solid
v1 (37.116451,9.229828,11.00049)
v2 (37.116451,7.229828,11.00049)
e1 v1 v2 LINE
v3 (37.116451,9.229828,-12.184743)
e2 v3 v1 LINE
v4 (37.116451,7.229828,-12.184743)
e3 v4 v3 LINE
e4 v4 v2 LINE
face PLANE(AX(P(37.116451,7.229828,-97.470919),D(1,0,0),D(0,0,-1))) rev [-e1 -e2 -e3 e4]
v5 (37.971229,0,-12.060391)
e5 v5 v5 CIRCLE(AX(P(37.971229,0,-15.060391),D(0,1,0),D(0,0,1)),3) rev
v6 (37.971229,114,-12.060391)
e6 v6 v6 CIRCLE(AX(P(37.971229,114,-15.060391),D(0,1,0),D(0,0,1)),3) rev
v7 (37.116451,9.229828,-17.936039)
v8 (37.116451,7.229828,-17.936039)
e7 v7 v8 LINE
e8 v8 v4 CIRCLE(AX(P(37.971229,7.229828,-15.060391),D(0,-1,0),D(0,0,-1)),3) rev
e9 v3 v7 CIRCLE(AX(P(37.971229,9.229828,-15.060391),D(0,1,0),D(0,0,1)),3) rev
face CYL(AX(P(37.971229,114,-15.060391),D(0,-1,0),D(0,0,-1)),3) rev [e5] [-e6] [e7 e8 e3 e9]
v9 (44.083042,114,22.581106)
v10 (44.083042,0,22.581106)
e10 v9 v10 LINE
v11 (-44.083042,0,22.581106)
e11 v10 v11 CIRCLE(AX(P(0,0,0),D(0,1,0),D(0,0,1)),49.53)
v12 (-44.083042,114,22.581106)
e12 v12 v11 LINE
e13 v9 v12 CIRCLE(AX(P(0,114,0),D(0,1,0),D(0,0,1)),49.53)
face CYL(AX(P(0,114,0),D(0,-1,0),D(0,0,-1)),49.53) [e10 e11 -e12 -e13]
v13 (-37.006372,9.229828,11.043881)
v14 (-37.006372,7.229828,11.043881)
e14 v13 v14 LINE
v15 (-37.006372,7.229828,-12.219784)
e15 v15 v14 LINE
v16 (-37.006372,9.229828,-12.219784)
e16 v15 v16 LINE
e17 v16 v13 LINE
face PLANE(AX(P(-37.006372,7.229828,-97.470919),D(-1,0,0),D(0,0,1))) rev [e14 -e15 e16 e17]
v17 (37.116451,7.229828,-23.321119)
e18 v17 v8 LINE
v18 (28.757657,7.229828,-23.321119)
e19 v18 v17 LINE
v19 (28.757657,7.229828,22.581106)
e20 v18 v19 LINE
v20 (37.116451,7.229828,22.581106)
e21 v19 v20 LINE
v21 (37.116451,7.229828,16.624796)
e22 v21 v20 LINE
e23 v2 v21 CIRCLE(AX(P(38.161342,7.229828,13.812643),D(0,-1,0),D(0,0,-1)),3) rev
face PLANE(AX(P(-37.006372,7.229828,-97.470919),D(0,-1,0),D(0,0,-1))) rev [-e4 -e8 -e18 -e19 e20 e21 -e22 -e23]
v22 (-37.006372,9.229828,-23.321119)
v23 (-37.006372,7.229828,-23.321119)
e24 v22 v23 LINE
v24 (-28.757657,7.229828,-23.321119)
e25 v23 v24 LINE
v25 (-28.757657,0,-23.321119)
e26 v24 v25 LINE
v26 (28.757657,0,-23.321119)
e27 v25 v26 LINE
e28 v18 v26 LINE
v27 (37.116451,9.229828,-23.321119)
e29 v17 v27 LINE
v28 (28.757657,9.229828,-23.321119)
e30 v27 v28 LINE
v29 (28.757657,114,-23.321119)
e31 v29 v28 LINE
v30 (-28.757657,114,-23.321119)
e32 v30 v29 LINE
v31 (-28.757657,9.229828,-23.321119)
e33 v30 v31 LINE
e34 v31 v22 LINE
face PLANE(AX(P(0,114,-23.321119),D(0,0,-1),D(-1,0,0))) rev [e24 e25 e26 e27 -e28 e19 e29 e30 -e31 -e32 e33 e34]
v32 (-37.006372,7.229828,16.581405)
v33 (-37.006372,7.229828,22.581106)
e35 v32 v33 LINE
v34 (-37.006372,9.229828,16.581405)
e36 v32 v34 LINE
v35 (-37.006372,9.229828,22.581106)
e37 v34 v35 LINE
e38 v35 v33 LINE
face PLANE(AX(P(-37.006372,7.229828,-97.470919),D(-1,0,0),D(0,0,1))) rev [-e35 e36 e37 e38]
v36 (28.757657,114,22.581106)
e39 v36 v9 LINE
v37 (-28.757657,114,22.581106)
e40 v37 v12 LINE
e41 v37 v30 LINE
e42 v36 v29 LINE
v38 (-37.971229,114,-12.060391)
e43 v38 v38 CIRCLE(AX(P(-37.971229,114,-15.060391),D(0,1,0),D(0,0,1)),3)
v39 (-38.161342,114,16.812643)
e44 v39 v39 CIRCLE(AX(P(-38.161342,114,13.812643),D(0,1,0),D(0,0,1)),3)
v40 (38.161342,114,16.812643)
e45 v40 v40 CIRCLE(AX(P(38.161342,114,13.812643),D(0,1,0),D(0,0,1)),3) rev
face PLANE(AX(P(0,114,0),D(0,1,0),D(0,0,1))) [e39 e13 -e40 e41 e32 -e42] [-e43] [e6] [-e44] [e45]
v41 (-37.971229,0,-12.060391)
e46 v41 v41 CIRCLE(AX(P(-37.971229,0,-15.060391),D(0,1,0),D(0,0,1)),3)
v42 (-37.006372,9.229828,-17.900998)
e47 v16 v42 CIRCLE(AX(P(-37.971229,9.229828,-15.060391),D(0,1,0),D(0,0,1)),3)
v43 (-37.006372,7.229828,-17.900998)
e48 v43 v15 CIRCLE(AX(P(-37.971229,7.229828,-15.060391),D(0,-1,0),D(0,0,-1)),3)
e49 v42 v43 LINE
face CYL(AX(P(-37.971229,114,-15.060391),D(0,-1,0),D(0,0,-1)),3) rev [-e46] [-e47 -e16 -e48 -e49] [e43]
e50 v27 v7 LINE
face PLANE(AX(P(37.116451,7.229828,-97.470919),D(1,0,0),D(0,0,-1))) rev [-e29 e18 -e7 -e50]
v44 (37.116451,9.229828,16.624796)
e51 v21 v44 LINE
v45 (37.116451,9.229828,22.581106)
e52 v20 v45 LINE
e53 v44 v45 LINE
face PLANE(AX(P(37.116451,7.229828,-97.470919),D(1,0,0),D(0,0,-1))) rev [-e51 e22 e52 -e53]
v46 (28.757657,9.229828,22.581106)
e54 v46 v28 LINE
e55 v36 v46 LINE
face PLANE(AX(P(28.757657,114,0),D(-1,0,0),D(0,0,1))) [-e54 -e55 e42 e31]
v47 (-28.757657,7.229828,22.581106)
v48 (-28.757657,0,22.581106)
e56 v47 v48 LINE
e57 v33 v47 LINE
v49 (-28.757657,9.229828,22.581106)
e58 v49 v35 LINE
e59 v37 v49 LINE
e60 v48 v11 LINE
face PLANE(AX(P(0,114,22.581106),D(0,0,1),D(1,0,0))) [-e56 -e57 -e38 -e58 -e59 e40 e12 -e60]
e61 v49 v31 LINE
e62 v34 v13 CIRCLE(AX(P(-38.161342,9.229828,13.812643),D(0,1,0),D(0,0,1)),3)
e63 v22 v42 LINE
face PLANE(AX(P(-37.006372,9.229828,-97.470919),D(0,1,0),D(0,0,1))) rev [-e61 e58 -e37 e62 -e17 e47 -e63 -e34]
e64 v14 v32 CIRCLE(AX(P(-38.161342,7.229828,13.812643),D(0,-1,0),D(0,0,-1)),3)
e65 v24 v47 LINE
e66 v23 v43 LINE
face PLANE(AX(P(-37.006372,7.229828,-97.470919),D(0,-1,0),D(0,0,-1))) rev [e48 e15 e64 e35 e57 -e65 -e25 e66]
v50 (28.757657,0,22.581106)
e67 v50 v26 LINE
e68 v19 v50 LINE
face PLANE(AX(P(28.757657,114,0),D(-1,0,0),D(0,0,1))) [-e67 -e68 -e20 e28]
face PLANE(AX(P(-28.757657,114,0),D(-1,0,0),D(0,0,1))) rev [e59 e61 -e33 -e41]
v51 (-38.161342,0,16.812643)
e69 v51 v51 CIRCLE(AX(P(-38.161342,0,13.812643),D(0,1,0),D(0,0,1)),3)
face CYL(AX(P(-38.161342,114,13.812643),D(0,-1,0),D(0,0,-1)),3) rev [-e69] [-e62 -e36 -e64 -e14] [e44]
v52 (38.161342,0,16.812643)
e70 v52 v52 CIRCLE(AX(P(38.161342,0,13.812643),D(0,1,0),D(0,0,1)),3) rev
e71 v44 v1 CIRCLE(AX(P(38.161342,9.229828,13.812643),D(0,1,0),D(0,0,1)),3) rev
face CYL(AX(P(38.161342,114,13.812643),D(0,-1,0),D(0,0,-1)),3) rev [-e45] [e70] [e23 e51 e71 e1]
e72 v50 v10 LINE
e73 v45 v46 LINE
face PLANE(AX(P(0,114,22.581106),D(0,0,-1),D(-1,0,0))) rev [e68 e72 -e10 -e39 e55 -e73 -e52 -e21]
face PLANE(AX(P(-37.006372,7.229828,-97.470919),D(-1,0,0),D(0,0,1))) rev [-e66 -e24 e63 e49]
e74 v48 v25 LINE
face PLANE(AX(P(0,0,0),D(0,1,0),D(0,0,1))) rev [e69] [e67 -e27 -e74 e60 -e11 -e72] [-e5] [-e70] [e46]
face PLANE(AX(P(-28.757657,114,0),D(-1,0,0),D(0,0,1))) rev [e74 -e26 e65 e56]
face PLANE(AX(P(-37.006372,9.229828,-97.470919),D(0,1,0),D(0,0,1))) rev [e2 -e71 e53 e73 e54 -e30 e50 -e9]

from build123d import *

# Parameters (mm, degrees)
SKETCH1_R           = 3
BOSS_EXTRUDE2_DEPTH = 114
CUT_EXTRUDE1_REACH  = 145.698
SKETCH2_W           = 74.122822233
SKETCH2_H           = 2


with BuildPart() as part:
    # Sketch1 → Boss-Extrude2 (new body)
    with BuildSketch(Plane(origin=(0, 0, 0), x_dir=(1, 0, 0), z_dir=(0, 1, 0))):
        with BuildLine():
            Line((-44.083041608, -22.581105876), (-28.757656934, -22.581105876))
            Line((-28.757656934, -22.581105876), (-28.757656934, 23.321119009))
            Line((-28.757656934, 23.321119009), (28.757656934, 23.321119009))
            Line((28.757656934, 23.321119009), (28.757656934, -22.581105876))
            Line((28.757656934, -22.581105876), (44.083041608, -22.581105876))
            ThreePointArc((44.083041608, -22.581105876), (48.149008042, -11.614384382), (49.53, 0))
            ThreePointArc((49.53, 0), (-11.614384382, 48.149008042), (-44.083041608, -22.581105876))
        make_face()
        with Locations(Location((-38.161341973, -13.812642955, 0), (0, 0, 270))):
            Circle(SKETCH1_R, mode=Mode.SUBTRACT)
        with Locations(Location((38.161341973, -13.812642955, 0), (0, 0, 270))):
            Circle(SKETCH1_R, mode=Mode.SUBTRACT)
        with Locations(Location((-37.971229362, 15.060391099, 0), (0, 0, 270))):
            Circle(SKETCH1_R, mode=Mode.SUBTRACT)
        with Locations(Location((37.971229362, 15.060391099, 0), (0, 0, 270))):
            Circle(SKETCH1_R, mode=Mode.SUBTRACT)
    extrude(amount=BOSS_EXTRUDE2_DEPTH)

    # Cut-Extrude1: up to this face of the body (flat: up to its plane)
    cut_extrude1_end = Plane(part.part.faces().sort_by_distance((0, 57, -23.321119009))[0])
    # Sketch2 → Cut-Extrude1 (cut, up to the picked face)
    with BuildSketch(Plane.XY.offset(22.581105876), mode=Mode.PRIVATE) as cut_extrude1_sk1:
        with Locations((0.055039457, 8.229827968)):
            Rectangle(SKETCH2_W, SKETCH2_H)
    cut_extrude1_tool1 = split(extrude(cut_extrude1_sk1.sketch, amount=-CUT_EXTRUDE1_REACH, mode=Mode.PRIVATE), bisect_by=cut_extrude1_end, keep=Keep.BOTH, mode=Mode.PRIVATE)
    add(cut_extrude1_tool1.solids().sort_by(Axis((0.055039, 8.229828, 22.581106), (0, 0, -1)))[0], mode=Mode.SUBTRACT)


solid = part.part
